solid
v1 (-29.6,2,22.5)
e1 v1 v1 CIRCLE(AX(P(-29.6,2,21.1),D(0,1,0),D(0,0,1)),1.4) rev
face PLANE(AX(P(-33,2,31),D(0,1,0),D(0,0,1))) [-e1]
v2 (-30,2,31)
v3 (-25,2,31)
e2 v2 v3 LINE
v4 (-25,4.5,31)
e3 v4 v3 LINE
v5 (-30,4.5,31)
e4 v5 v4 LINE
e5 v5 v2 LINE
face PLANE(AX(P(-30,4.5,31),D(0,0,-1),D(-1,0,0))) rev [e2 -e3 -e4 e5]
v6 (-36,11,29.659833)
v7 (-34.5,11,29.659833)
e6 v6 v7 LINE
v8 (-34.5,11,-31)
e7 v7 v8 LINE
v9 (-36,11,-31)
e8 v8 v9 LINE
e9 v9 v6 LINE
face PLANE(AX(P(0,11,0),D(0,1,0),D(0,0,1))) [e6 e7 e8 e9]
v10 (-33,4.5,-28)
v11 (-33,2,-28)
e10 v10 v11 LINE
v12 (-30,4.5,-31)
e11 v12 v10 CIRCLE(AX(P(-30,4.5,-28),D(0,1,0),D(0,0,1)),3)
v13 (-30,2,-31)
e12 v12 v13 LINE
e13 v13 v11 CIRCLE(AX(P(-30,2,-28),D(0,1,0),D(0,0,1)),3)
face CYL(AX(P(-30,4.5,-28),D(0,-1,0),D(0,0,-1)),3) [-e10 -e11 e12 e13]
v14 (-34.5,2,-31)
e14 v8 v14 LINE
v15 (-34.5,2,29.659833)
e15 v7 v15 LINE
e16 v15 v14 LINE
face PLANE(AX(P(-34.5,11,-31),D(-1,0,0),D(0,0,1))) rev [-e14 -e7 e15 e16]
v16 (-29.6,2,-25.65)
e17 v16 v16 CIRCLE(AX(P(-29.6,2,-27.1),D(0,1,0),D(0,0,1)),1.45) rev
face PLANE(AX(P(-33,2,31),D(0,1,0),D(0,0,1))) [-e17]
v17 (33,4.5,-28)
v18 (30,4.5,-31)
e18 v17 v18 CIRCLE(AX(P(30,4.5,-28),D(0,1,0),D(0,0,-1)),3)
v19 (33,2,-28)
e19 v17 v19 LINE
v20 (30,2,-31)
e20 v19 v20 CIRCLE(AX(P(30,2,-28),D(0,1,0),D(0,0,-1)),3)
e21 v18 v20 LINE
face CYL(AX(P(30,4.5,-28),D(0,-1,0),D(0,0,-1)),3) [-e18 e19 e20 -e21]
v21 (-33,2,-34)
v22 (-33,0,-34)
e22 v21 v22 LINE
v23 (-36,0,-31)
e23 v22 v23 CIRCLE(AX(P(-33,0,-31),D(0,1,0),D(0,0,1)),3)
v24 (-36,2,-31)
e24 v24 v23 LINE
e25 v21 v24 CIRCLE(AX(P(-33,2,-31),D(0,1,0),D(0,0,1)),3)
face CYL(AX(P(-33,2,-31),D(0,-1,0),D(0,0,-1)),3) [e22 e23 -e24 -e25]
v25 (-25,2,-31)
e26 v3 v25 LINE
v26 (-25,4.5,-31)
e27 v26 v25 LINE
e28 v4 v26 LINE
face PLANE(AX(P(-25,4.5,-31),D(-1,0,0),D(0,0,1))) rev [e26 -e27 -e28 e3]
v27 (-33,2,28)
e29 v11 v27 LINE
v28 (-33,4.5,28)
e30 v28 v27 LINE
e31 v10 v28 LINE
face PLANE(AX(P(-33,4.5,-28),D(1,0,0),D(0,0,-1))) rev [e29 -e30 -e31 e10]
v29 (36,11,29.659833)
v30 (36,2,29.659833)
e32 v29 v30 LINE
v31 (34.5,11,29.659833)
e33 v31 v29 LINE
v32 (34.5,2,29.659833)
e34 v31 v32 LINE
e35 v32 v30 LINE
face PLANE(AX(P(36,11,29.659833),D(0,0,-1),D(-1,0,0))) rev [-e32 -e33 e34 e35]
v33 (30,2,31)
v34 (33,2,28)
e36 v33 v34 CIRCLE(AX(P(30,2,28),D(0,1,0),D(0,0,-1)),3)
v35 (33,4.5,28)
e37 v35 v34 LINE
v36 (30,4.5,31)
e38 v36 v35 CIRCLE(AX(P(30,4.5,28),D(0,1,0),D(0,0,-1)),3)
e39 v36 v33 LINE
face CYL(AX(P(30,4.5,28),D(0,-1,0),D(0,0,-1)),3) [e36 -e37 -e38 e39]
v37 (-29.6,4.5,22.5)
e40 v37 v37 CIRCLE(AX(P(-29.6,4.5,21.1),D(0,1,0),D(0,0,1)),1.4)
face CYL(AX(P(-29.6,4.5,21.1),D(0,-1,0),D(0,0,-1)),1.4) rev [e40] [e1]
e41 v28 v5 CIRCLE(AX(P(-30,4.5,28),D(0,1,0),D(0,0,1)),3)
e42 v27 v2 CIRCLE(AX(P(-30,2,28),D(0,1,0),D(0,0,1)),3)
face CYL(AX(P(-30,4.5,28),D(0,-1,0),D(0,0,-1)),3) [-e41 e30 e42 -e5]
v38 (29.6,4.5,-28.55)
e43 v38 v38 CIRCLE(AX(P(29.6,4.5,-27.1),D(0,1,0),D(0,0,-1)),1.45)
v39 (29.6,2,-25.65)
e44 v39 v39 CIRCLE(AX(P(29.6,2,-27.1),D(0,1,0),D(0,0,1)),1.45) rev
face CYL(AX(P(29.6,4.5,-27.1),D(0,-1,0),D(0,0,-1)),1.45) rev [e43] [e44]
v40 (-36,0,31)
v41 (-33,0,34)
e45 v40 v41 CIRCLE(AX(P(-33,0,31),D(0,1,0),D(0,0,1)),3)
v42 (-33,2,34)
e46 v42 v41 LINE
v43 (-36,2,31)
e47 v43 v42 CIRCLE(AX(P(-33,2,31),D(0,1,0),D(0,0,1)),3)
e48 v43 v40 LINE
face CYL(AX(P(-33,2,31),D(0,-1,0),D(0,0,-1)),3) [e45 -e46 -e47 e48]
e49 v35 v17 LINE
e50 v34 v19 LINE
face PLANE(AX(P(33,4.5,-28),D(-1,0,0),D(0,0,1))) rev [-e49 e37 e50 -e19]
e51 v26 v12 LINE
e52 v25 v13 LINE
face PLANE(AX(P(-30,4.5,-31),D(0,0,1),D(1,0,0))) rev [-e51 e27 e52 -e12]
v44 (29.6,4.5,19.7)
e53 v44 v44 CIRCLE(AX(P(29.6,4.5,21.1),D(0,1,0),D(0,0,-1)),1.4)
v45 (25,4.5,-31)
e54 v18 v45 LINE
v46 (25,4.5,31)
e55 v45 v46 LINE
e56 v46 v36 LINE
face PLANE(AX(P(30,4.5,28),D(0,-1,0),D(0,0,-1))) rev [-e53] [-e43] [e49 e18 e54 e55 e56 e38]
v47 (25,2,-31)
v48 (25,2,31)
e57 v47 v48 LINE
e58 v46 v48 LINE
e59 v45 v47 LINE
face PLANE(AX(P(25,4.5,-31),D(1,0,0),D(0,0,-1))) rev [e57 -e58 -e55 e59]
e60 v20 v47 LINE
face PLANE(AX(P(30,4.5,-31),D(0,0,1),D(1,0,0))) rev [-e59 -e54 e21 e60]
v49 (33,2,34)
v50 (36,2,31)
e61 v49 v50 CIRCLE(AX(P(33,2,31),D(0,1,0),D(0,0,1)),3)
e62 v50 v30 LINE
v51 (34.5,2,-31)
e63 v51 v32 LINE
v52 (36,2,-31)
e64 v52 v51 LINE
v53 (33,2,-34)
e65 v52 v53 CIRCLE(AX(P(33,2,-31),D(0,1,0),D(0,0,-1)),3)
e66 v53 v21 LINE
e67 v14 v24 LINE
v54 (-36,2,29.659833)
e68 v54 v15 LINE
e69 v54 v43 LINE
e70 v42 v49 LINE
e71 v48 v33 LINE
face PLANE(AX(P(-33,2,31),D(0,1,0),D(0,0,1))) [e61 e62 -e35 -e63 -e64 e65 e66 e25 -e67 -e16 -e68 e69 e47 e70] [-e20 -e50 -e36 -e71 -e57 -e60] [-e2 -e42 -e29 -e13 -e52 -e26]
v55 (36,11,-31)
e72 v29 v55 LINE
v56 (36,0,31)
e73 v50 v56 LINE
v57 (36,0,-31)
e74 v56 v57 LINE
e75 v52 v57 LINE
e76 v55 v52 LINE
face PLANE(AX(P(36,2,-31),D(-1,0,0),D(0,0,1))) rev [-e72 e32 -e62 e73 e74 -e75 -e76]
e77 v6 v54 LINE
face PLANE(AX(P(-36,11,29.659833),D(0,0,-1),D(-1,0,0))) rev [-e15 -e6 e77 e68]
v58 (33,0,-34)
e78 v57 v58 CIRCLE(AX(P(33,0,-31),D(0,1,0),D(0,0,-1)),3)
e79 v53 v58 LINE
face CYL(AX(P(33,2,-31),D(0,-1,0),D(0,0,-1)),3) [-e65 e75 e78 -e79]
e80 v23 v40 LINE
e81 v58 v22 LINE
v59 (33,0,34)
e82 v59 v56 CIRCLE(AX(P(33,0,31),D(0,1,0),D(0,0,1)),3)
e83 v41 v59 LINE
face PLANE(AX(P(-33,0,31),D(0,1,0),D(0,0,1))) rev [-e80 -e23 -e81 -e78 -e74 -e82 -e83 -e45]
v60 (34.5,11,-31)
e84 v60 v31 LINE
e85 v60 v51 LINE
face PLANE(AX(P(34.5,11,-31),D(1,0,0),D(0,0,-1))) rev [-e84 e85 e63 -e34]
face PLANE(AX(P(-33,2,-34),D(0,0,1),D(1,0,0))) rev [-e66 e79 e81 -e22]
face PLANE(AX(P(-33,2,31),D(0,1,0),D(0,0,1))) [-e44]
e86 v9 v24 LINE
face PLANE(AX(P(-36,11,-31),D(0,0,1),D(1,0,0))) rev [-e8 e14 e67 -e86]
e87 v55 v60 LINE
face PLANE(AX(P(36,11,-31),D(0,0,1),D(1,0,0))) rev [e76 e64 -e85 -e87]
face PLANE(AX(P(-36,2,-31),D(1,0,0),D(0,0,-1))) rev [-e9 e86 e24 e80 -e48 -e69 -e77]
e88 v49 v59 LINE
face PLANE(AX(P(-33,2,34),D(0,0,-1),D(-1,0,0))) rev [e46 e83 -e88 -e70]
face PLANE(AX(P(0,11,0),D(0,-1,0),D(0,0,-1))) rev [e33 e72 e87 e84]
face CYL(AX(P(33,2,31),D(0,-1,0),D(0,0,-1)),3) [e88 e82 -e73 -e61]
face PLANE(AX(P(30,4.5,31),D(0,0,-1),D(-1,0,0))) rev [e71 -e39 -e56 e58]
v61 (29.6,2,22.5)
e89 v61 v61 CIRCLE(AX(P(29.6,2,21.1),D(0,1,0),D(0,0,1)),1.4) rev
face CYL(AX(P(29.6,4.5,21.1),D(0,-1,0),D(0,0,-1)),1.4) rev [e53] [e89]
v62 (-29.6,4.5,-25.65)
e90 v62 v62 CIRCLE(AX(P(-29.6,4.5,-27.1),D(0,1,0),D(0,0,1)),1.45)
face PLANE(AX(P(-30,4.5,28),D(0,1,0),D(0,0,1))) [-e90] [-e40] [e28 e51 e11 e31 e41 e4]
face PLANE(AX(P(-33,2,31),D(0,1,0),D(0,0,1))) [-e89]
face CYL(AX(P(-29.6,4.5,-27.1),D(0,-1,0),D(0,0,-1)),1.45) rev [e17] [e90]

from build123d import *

# Parameters (mm, degrees)
EXTRUDE_1_DEPTH = 2
SKETCH_3_W      = 1.5
SKETCH_3_H      = 60.659832998
EXTRUDE_2_DEPTH = 9
SKETCH_4_R      = 1.45
SKETCH_4_R_2    = 1.4
EXTRUDE_3_DEPTH = 2.5


with BuildPart() as part:
    # 草图2 → 凸台-拉伸1 (new body)
    with BuildSketch(Plane(origin=(0, 0, 0), x_dir=(1, 0, 0), z_dir=(0, 1, 0))):
        with BuildLine():
            Line((-33, 34), (33, 34))
            ThreePointArc((33, 34), (35.121320344, 33.121320344), (36, 31))
            Line((36, 31), (36, -31))
            ThreePointArc((36, -31), (35.121320344, -33.121320344), (33, -34))
            Line((33, -34), (-33, -34))
            ThreePointArc((-33, -34), (-35.121320344, -33.121320344), (-36, -31))
            Line((-36, -31), (-36, 31))
            ThreePointArc((-36, 31), (-35.121320344, 33.121320344), (-33, 34))
        make_face()
    extrude(amount=EXTRUDE_1_DEPTH)

    # 草图3 → 凸台-拉伸2 (add)
    with BuildSketch(Plane(origin=(0, 2, 0), x_dir=(1, 0, 0), z_dir=(0, 1, 0))):
        with Locations((-35.25, 0.670083501)):
            Rectangle(SKETCH_3_W, SKETCH_3_H)
        with Locations((35.25, 0.670083501)):
            Rectangle(SKETCH_3_W, SKETCH_3_H)
    extrude(amount=EXTRUDE_2_DEPTH)

    # 草图4 → 凸台-拉伸3 (add)
    # profile 1 of 2: a face of its own
    with BuildSketch(Plane(origin=(0, 2, 0), x_dir=(1, 0, 0), z_dir=(0, 1, 0))):
        with BuildLine():
            Line((-30, 31), (-25, 31))
            Line((-25, 31), (-25, -31))
            Line((-25, -31), (-30, -31))
            ThreePointArc((-30, -31), (-32.121320344, -30.121320344), (-33, -28))
            Line((-33, -28), (-33, 28))
            ThreePointArc((-33, 28), (-32.121320344, 30.121320344), (-30, 31))
        make_face()
        with Locations(Location((-29.6, 27.1, 0), (0, 0, 270))):
            Circle(SKETCH_4_R, mode=Mode.SUBTRACT)
        with Locations(Location((-29.6, -21.1, 0), (0, 0, 270))):
            Circle(SKETCH_4_R_2, mode=Mode.SUBTRACT)
    # profile 2 of 2: a face of its own
    with BuildSketch(Plane(origin=(0, 2, 0), x_dir=(1, 0, 0), z_dir=(0, 1, 0))):
        with BuildLine():
            Line((30, -31), (25, -31))
            Line((25, -31), (25, 31))
            Line((25, 31), (30, 31))
            ThreePointArc((30, 31), (32.121320344, 30.121320344), (33, 28))
            Line((33, 28), (33, -28))
            ThreePointArc((33, -28), (32.121320344, -30.121320344), (30, -31))
        make_face()
        with Locations(Location((29.6, 27.1, 0), (0, 0, 90))):
            Circle(SKETCH_4_R, mode=Mode.SUBTRACT)
        with Locations(Location((29.6, -21.1, 0), (0, 0, 90))):
            Circle(SKETCH_4_R_2, mode=Mode.SUBTRACT)
    extrude(amount=EXTRUDE_3_DEPTH)


solid = part.part
